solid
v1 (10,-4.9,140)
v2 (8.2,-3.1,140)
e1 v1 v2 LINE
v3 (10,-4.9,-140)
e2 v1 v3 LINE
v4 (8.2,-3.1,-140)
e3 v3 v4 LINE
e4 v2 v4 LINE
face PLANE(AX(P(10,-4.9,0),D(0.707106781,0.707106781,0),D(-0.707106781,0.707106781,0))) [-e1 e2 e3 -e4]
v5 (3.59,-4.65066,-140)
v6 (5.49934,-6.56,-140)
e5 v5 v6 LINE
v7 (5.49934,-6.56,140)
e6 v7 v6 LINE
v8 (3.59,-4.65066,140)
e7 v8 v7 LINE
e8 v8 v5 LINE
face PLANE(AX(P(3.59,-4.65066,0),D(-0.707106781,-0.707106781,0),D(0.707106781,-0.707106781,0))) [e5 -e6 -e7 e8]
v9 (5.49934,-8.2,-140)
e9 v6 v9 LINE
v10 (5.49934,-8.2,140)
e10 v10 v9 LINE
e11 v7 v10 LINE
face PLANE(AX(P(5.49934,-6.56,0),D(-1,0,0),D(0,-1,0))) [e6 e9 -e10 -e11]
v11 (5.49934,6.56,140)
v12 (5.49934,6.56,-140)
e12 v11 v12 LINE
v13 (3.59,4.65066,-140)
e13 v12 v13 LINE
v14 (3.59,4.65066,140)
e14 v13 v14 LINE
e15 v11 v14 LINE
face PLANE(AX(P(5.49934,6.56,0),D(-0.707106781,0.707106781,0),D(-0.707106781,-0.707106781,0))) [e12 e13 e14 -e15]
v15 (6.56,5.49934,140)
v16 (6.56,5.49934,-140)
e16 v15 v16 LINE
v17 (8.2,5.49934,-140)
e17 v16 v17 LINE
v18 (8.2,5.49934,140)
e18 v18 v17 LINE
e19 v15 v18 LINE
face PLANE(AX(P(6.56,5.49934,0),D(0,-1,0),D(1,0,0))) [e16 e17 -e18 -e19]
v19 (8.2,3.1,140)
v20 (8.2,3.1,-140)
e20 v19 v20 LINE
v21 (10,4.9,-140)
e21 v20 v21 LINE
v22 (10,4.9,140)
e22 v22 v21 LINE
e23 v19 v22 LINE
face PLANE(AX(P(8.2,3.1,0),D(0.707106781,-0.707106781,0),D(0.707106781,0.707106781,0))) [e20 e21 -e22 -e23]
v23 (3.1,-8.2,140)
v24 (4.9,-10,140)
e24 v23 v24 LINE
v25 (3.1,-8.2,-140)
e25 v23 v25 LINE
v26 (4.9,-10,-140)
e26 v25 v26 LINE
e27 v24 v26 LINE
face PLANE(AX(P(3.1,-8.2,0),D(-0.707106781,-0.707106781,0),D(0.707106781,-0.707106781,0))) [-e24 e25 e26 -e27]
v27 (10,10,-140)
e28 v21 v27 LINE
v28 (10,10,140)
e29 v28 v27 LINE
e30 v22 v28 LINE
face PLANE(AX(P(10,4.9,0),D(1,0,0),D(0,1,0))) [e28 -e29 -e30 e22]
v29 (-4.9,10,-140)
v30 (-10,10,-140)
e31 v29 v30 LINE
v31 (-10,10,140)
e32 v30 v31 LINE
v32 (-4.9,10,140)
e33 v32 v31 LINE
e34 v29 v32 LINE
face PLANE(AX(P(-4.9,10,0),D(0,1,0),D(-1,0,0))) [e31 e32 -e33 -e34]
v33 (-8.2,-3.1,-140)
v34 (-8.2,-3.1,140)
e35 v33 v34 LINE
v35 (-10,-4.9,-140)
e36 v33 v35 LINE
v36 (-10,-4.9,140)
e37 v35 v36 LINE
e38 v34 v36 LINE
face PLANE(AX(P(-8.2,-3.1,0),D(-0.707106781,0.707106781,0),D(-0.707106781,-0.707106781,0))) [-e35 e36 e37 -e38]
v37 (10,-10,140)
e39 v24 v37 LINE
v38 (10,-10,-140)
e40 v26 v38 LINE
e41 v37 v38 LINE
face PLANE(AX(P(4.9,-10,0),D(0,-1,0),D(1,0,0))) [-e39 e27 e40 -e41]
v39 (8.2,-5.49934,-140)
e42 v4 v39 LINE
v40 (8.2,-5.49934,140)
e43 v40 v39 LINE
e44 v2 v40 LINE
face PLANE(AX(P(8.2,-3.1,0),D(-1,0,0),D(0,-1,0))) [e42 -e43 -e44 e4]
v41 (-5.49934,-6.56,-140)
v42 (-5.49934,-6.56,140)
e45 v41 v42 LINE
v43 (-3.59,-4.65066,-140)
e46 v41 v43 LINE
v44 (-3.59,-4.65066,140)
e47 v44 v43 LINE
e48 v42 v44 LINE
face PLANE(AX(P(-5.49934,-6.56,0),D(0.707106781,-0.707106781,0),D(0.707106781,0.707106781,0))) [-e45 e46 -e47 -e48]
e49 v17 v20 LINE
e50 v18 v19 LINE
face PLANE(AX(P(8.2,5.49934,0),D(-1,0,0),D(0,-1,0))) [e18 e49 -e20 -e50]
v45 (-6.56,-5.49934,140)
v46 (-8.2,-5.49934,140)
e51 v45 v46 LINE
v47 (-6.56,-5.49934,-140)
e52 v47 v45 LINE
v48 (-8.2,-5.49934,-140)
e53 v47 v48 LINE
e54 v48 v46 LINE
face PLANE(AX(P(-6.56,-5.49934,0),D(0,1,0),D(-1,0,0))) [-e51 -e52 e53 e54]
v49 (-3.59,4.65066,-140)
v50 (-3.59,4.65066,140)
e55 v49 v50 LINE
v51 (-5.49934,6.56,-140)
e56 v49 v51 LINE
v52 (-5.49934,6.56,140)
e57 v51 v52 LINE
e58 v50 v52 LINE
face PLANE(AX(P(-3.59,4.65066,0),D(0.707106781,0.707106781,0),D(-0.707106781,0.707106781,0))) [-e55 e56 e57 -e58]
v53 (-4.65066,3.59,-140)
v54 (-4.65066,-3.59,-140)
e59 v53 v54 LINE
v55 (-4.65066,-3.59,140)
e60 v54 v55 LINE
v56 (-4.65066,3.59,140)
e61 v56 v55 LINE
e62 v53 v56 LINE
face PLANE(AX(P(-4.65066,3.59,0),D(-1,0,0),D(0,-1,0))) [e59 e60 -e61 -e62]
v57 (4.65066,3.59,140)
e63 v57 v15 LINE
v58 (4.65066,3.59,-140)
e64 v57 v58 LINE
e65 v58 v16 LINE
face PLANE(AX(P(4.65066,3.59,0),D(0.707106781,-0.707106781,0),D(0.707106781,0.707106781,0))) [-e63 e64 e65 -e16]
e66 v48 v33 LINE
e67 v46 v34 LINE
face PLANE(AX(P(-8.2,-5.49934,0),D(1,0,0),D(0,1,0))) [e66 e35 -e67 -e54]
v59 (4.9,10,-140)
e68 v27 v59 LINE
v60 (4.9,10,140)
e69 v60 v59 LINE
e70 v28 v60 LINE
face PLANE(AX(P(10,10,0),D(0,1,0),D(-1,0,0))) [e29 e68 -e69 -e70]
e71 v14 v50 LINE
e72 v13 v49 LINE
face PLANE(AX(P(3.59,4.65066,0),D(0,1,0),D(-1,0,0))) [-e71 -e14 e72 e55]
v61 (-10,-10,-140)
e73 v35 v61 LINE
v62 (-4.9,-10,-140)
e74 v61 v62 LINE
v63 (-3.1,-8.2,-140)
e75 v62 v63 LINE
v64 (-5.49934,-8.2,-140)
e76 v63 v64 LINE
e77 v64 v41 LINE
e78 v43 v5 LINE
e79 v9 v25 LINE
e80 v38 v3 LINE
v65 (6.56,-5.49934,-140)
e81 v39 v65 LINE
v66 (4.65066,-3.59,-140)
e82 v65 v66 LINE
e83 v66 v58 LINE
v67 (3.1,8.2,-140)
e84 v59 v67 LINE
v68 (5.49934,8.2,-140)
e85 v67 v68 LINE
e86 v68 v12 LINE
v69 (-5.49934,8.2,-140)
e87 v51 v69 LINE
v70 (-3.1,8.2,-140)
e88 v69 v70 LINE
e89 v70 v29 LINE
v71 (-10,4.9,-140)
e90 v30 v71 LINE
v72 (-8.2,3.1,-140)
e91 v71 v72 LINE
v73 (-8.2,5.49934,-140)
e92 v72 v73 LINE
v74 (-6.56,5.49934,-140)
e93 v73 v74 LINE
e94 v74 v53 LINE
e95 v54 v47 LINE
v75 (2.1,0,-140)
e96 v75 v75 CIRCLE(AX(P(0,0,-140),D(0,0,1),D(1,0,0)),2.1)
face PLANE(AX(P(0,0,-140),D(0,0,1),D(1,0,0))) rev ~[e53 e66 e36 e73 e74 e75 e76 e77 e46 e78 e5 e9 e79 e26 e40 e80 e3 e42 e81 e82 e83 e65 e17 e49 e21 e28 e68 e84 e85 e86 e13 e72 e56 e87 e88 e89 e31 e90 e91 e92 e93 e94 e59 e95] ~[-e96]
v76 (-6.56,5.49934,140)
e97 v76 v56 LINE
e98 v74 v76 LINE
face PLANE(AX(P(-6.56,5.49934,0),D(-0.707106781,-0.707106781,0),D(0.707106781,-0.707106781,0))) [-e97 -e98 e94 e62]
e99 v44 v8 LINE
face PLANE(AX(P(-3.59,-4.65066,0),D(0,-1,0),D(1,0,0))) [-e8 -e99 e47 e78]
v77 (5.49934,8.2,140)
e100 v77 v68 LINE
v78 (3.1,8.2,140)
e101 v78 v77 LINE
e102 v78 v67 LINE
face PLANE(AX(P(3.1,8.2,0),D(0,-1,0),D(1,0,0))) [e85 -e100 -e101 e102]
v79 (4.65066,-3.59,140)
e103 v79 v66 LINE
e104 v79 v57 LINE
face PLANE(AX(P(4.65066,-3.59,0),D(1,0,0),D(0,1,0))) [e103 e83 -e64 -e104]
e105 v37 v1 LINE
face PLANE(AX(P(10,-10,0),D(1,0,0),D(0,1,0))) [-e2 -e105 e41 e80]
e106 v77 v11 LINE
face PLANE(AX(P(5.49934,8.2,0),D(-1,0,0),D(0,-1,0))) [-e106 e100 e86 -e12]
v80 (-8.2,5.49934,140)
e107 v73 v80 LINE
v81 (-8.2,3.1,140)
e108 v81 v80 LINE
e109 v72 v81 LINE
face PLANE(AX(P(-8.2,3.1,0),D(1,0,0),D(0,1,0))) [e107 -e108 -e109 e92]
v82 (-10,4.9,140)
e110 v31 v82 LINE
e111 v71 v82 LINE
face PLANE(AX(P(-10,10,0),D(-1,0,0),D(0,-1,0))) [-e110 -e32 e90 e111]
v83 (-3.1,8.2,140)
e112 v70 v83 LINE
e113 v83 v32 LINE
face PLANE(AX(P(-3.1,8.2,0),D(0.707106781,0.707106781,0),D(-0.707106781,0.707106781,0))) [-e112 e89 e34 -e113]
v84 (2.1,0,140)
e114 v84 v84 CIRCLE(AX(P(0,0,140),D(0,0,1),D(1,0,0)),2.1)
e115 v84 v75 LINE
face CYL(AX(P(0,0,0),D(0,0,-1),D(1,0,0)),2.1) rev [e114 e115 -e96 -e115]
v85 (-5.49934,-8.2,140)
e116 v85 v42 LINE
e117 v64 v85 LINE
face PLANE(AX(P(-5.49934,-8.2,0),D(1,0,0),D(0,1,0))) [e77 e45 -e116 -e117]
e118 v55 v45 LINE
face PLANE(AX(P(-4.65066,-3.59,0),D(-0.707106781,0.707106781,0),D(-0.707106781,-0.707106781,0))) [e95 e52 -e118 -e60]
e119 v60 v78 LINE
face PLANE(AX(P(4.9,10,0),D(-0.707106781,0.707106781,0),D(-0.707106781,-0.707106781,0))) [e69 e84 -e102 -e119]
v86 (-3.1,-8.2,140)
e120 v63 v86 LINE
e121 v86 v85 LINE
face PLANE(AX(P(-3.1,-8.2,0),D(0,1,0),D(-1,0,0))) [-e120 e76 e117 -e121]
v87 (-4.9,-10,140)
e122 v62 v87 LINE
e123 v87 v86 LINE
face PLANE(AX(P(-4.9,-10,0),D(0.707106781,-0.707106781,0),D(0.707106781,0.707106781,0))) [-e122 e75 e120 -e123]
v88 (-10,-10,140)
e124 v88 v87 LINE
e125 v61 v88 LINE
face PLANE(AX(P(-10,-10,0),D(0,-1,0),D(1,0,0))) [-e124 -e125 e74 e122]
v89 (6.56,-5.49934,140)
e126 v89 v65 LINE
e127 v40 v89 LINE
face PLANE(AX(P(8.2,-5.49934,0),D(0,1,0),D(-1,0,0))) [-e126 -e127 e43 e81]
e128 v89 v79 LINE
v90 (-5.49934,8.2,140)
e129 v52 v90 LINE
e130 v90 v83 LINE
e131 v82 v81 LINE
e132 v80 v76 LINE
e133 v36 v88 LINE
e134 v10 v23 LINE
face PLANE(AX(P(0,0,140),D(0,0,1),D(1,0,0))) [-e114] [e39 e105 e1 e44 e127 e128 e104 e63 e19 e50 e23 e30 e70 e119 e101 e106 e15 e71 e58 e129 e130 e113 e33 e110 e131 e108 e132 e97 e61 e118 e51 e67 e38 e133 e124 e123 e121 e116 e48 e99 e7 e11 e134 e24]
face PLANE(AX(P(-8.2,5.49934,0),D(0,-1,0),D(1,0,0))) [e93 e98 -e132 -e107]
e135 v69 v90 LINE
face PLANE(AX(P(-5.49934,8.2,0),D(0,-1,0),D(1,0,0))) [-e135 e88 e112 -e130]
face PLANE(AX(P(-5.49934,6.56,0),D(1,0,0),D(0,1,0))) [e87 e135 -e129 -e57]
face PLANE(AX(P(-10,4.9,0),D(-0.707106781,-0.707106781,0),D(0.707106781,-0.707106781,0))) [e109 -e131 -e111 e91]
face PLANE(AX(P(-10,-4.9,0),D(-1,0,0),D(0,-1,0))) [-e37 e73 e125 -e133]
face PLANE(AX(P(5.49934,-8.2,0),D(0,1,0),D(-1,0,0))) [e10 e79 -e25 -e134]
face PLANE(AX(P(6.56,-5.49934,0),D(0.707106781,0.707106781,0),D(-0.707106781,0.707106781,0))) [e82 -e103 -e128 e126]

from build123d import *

# Parameters (mm, degrees)
SKETCH1_R           = 2.1
BOSS_EXTRUDE1_DEPTH = 140


with BuildPart() as part:
    # Sketch1 → Boss-Extrude1 (new body, symmetric)
    with BuildSketch(Plane.XY):
        Polygon((5.499339828, 6.56), (3.59, 4.650660172), (-3.59, 4.650660172), (-5.499339828, 6.56), (-5.499339828, 8.2), (-3.1, 8.2), (-4.9, 10), (-10, 10), (-10, 4.9), (-8.2, 3.1), (-8.2, 5.499339828), (-6.56, 5.499339828), (-4.650660172, 3.59), (-4.650660172, -3.59), (-6.56, -5.499339828), (-8.2, -5.499339828), (-8.2, -3.1), (-10, -4.9), (-10, -10), (-4.9, -10), (-3.1, -8.2), (-5.499339828, -8.2), (-5.499339828, -6.56), (-3.59, -4.650660172), (3.59, -4.650660172), (5.499339828, -6.56), (5.499339828, -8.2), (3.1, -8.2), (4.9, -10), (10, -10), (10, -4.9), (8.2, -3.1), (8.2, -5.499339828), (6.56, -5.499339828), (4.650660172, -3.59), (4.650660172, 3.59), (6.56, 5.499339828), (8.2, 5.499339828), (8.2, 3.1), (10, 4.9), (10, 10), (4.9, 10), (3.1, 8.2), (5.499339828, 8.2), align=None)
        Circle(SKETCH1_R, mode=Mode.SUBTRACT)
    extrude(amount=BOSS_EXTRUDE1_DEPTH, both=True)


solid = part.part
